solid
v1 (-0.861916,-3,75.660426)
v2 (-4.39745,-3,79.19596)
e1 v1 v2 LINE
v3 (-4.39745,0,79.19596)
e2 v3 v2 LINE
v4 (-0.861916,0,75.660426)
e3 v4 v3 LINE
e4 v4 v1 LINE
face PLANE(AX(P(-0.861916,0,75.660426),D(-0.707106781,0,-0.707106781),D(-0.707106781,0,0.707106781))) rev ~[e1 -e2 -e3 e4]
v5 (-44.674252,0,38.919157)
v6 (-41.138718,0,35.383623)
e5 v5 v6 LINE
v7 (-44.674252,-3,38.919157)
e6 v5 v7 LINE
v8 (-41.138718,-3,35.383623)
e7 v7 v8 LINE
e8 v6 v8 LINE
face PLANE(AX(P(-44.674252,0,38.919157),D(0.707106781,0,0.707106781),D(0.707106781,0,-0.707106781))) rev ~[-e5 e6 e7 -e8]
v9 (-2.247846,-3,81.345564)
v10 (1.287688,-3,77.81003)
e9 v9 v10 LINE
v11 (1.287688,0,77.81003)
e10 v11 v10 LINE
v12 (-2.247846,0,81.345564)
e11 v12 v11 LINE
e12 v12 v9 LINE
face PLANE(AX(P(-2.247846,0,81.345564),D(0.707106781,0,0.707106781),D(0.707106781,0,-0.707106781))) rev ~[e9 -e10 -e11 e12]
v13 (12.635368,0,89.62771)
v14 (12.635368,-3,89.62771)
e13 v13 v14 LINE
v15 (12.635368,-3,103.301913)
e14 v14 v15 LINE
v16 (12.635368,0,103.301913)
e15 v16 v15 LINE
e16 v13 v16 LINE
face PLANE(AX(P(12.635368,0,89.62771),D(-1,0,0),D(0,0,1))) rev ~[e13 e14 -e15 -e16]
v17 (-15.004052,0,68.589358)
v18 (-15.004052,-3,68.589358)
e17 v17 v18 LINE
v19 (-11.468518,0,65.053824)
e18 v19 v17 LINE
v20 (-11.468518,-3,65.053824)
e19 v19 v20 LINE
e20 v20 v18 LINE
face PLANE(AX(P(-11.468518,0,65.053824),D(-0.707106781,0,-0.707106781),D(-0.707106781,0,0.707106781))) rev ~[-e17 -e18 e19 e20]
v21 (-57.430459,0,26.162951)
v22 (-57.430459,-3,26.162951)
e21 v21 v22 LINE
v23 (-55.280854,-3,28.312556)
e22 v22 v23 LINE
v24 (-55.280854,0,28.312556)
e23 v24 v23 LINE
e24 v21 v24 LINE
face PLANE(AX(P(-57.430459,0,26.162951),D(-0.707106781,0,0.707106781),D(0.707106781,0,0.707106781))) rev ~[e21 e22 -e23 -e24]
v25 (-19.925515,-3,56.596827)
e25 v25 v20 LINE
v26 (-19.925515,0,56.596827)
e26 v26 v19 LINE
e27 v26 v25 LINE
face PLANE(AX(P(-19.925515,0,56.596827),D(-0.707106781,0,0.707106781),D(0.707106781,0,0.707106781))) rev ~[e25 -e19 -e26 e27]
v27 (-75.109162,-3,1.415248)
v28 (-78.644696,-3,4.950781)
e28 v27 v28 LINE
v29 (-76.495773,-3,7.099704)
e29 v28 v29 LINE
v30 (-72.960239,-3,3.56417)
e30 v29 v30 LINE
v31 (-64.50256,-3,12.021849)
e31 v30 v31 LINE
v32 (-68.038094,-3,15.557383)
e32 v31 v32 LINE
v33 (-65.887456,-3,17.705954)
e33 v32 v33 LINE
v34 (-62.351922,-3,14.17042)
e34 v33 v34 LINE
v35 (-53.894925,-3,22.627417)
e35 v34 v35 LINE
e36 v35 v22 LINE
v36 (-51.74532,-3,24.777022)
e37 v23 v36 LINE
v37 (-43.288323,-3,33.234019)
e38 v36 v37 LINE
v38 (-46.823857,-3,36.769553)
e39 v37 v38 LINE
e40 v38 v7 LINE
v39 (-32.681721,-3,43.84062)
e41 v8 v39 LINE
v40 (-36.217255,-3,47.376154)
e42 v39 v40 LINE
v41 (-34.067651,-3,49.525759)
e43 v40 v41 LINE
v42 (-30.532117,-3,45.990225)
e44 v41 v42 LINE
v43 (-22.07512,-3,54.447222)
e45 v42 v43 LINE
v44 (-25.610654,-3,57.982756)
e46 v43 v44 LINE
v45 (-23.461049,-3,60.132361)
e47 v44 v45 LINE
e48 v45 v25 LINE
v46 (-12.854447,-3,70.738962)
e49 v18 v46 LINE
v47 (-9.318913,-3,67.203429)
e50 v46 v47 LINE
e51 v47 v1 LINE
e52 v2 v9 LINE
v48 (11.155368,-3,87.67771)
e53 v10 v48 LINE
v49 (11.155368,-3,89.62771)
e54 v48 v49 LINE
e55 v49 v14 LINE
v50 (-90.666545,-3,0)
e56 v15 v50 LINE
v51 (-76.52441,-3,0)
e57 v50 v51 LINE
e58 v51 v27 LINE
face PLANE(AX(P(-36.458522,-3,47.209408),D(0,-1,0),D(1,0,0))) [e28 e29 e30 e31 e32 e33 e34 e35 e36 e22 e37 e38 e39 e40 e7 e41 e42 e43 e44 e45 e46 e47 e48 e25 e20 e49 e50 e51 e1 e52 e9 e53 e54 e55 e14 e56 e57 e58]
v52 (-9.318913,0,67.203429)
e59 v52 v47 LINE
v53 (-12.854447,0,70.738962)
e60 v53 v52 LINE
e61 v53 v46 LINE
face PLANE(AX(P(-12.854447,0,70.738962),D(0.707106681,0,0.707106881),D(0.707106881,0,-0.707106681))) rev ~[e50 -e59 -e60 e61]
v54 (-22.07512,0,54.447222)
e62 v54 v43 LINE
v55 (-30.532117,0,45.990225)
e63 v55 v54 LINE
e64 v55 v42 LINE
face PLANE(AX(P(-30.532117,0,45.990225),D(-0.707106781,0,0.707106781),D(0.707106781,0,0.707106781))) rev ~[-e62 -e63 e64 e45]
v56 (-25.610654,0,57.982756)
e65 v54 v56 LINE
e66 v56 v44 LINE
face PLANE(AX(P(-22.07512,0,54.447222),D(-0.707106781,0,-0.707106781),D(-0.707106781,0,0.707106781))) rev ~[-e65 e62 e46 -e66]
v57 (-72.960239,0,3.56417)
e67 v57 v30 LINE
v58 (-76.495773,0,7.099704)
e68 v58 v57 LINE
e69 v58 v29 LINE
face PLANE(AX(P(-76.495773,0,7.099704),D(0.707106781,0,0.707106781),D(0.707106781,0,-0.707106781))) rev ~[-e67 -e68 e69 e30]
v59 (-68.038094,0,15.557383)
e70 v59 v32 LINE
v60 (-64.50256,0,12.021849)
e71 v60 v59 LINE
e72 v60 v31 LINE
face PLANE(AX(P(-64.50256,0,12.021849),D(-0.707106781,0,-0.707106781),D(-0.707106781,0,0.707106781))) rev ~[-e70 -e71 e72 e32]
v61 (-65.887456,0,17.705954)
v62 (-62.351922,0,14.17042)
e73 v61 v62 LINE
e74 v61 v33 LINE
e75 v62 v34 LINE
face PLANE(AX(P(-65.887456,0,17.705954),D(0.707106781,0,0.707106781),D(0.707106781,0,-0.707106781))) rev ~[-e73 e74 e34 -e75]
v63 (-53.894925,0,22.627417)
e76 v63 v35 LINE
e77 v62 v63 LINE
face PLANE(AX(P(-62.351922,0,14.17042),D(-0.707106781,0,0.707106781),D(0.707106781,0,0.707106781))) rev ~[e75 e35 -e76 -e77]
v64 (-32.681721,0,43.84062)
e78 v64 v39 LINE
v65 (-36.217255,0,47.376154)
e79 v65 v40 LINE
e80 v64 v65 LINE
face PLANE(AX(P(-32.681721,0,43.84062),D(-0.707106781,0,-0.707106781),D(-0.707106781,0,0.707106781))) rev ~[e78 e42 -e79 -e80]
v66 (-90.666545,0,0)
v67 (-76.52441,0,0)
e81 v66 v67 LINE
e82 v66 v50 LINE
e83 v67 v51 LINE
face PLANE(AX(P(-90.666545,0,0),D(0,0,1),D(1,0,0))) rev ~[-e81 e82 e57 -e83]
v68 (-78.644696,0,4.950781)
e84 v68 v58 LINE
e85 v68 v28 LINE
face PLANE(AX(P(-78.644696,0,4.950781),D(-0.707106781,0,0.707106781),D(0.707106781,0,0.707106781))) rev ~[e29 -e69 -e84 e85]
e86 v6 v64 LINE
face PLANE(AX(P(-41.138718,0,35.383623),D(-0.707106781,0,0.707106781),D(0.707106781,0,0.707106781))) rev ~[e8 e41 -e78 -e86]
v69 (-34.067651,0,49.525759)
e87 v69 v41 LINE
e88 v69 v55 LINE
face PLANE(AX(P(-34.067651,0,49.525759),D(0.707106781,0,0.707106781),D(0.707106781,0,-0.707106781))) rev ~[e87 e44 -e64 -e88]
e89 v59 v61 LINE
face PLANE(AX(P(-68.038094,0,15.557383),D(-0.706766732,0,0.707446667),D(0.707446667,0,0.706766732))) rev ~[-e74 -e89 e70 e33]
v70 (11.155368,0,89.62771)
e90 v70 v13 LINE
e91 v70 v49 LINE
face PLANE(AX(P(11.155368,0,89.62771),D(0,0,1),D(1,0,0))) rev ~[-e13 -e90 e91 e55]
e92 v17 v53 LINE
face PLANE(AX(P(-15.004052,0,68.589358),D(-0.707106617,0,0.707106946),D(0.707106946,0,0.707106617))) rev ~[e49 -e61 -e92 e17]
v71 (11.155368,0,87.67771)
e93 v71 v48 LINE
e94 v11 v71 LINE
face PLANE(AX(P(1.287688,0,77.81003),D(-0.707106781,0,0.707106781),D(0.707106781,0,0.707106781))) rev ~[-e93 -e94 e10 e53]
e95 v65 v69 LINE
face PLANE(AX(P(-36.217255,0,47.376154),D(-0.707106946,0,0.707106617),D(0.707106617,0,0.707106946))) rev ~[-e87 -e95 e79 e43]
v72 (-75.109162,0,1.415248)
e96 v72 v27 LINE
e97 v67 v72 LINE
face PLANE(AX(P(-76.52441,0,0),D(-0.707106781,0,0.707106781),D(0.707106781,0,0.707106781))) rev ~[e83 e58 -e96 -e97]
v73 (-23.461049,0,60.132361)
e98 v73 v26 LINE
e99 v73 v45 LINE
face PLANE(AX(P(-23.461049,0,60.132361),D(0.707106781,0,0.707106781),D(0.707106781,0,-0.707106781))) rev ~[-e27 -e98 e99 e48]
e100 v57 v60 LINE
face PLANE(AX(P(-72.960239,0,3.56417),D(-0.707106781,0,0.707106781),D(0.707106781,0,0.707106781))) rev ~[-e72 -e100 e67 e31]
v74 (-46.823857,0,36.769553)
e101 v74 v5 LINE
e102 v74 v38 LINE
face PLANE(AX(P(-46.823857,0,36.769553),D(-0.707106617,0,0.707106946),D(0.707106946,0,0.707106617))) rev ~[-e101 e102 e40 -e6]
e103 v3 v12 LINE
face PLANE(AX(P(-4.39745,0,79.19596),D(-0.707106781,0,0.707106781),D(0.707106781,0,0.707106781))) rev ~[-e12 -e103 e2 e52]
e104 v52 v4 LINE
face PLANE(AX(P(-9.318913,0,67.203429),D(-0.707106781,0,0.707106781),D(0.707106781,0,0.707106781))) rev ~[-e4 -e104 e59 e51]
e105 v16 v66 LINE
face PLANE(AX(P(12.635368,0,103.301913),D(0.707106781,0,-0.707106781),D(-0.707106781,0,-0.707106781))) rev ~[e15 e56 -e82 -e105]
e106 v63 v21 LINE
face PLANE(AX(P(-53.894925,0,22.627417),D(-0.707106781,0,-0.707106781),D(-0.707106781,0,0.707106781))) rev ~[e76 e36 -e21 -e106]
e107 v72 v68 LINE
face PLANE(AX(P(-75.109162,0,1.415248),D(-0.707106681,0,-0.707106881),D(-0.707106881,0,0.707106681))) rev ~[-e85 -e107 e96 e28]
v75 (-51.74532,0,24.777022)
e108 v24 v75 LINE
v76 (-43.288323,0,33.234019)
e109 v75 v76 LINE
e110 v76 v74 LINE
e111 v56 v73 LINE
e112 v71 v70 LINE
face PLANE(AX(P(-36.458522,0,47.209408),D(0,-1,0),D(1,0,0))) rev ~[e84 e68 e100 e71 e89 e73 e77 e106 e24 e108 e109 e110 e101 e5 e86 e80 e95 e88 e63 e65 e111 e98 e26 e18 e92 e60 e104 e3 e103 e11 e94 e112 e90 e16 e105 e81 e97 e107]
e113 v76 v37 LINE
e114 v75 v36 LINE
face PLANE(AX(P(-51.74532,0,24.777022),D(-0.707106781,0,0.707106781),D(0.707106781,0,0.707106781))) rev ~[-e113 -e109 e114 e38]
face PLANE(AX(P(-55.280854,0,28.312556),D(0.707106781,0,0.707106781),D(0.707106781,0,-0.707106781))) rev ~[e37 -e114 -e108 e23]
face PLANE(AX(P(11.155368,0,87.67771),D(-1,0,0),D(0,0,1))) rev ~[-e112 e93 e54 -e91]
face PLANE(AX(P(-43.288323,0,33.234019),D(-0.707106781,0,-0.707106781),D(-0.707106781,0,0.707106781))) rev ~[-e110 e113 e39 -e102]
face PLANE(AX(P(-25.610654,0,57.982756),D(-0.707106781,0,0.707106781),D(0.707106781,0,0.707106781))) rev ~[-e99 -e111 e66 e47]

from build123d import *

# Parameters (mm, degrees)
F1_DEPTH = 3


with BuildPart() as f1:
    # F0 (on Front) → F1 (new body)
    with BuildSketch(Plane.XZ):
        Polygon((-75.109162, 1.415248), (-78.644696, 4.950781), (-76.495773, 7.099704), (-72.960239, 3.56417), (-64.50256, 12.021849), (-68.038094, 15.557383), (-65.887456, 17.705954), (-62.351922, 14.17042), (-53.894925, 22.627417), (-57.430459, 26.162951), (-55.280854, 28.312556), (-51.74532, 24.777022), (-43.288323, 33.234019), (-46.823857, 36.769553), (-44.674252, 38.919157), (-41.138718, 35.383623), (-32.681721, 43.84062), (-36.217255, 47.376154), (-34.067651, 49.525759), (-30.532117, 45.990225), (-22.07512, 54.447222), (-25.610654, 57.982756), (-23.461049, 60.132361), (-19.925515, 56.596827), (-11.468518, 65.053824), (-15.004052, 68.589358), (-12.854447, 70.738962), (-9.318913, 67.203429), (-0.861916, 75.660426), (-4.39745, 79.19596), (-2.247846, 81.345564), (1.287688, 77.81003), (10.635368, 87.15771), (11.155368, 87.67771), (11.155368, 88.67771), (11.155368, 89.62771), (12.635368, 89.62771), (12.635368, 103.301913), (12.155368, 102.821913), (-90.666545, 0), (-76.52441, 0), align=None)
    extrude(amount=F1_DEPTH)


solid = f1.part
